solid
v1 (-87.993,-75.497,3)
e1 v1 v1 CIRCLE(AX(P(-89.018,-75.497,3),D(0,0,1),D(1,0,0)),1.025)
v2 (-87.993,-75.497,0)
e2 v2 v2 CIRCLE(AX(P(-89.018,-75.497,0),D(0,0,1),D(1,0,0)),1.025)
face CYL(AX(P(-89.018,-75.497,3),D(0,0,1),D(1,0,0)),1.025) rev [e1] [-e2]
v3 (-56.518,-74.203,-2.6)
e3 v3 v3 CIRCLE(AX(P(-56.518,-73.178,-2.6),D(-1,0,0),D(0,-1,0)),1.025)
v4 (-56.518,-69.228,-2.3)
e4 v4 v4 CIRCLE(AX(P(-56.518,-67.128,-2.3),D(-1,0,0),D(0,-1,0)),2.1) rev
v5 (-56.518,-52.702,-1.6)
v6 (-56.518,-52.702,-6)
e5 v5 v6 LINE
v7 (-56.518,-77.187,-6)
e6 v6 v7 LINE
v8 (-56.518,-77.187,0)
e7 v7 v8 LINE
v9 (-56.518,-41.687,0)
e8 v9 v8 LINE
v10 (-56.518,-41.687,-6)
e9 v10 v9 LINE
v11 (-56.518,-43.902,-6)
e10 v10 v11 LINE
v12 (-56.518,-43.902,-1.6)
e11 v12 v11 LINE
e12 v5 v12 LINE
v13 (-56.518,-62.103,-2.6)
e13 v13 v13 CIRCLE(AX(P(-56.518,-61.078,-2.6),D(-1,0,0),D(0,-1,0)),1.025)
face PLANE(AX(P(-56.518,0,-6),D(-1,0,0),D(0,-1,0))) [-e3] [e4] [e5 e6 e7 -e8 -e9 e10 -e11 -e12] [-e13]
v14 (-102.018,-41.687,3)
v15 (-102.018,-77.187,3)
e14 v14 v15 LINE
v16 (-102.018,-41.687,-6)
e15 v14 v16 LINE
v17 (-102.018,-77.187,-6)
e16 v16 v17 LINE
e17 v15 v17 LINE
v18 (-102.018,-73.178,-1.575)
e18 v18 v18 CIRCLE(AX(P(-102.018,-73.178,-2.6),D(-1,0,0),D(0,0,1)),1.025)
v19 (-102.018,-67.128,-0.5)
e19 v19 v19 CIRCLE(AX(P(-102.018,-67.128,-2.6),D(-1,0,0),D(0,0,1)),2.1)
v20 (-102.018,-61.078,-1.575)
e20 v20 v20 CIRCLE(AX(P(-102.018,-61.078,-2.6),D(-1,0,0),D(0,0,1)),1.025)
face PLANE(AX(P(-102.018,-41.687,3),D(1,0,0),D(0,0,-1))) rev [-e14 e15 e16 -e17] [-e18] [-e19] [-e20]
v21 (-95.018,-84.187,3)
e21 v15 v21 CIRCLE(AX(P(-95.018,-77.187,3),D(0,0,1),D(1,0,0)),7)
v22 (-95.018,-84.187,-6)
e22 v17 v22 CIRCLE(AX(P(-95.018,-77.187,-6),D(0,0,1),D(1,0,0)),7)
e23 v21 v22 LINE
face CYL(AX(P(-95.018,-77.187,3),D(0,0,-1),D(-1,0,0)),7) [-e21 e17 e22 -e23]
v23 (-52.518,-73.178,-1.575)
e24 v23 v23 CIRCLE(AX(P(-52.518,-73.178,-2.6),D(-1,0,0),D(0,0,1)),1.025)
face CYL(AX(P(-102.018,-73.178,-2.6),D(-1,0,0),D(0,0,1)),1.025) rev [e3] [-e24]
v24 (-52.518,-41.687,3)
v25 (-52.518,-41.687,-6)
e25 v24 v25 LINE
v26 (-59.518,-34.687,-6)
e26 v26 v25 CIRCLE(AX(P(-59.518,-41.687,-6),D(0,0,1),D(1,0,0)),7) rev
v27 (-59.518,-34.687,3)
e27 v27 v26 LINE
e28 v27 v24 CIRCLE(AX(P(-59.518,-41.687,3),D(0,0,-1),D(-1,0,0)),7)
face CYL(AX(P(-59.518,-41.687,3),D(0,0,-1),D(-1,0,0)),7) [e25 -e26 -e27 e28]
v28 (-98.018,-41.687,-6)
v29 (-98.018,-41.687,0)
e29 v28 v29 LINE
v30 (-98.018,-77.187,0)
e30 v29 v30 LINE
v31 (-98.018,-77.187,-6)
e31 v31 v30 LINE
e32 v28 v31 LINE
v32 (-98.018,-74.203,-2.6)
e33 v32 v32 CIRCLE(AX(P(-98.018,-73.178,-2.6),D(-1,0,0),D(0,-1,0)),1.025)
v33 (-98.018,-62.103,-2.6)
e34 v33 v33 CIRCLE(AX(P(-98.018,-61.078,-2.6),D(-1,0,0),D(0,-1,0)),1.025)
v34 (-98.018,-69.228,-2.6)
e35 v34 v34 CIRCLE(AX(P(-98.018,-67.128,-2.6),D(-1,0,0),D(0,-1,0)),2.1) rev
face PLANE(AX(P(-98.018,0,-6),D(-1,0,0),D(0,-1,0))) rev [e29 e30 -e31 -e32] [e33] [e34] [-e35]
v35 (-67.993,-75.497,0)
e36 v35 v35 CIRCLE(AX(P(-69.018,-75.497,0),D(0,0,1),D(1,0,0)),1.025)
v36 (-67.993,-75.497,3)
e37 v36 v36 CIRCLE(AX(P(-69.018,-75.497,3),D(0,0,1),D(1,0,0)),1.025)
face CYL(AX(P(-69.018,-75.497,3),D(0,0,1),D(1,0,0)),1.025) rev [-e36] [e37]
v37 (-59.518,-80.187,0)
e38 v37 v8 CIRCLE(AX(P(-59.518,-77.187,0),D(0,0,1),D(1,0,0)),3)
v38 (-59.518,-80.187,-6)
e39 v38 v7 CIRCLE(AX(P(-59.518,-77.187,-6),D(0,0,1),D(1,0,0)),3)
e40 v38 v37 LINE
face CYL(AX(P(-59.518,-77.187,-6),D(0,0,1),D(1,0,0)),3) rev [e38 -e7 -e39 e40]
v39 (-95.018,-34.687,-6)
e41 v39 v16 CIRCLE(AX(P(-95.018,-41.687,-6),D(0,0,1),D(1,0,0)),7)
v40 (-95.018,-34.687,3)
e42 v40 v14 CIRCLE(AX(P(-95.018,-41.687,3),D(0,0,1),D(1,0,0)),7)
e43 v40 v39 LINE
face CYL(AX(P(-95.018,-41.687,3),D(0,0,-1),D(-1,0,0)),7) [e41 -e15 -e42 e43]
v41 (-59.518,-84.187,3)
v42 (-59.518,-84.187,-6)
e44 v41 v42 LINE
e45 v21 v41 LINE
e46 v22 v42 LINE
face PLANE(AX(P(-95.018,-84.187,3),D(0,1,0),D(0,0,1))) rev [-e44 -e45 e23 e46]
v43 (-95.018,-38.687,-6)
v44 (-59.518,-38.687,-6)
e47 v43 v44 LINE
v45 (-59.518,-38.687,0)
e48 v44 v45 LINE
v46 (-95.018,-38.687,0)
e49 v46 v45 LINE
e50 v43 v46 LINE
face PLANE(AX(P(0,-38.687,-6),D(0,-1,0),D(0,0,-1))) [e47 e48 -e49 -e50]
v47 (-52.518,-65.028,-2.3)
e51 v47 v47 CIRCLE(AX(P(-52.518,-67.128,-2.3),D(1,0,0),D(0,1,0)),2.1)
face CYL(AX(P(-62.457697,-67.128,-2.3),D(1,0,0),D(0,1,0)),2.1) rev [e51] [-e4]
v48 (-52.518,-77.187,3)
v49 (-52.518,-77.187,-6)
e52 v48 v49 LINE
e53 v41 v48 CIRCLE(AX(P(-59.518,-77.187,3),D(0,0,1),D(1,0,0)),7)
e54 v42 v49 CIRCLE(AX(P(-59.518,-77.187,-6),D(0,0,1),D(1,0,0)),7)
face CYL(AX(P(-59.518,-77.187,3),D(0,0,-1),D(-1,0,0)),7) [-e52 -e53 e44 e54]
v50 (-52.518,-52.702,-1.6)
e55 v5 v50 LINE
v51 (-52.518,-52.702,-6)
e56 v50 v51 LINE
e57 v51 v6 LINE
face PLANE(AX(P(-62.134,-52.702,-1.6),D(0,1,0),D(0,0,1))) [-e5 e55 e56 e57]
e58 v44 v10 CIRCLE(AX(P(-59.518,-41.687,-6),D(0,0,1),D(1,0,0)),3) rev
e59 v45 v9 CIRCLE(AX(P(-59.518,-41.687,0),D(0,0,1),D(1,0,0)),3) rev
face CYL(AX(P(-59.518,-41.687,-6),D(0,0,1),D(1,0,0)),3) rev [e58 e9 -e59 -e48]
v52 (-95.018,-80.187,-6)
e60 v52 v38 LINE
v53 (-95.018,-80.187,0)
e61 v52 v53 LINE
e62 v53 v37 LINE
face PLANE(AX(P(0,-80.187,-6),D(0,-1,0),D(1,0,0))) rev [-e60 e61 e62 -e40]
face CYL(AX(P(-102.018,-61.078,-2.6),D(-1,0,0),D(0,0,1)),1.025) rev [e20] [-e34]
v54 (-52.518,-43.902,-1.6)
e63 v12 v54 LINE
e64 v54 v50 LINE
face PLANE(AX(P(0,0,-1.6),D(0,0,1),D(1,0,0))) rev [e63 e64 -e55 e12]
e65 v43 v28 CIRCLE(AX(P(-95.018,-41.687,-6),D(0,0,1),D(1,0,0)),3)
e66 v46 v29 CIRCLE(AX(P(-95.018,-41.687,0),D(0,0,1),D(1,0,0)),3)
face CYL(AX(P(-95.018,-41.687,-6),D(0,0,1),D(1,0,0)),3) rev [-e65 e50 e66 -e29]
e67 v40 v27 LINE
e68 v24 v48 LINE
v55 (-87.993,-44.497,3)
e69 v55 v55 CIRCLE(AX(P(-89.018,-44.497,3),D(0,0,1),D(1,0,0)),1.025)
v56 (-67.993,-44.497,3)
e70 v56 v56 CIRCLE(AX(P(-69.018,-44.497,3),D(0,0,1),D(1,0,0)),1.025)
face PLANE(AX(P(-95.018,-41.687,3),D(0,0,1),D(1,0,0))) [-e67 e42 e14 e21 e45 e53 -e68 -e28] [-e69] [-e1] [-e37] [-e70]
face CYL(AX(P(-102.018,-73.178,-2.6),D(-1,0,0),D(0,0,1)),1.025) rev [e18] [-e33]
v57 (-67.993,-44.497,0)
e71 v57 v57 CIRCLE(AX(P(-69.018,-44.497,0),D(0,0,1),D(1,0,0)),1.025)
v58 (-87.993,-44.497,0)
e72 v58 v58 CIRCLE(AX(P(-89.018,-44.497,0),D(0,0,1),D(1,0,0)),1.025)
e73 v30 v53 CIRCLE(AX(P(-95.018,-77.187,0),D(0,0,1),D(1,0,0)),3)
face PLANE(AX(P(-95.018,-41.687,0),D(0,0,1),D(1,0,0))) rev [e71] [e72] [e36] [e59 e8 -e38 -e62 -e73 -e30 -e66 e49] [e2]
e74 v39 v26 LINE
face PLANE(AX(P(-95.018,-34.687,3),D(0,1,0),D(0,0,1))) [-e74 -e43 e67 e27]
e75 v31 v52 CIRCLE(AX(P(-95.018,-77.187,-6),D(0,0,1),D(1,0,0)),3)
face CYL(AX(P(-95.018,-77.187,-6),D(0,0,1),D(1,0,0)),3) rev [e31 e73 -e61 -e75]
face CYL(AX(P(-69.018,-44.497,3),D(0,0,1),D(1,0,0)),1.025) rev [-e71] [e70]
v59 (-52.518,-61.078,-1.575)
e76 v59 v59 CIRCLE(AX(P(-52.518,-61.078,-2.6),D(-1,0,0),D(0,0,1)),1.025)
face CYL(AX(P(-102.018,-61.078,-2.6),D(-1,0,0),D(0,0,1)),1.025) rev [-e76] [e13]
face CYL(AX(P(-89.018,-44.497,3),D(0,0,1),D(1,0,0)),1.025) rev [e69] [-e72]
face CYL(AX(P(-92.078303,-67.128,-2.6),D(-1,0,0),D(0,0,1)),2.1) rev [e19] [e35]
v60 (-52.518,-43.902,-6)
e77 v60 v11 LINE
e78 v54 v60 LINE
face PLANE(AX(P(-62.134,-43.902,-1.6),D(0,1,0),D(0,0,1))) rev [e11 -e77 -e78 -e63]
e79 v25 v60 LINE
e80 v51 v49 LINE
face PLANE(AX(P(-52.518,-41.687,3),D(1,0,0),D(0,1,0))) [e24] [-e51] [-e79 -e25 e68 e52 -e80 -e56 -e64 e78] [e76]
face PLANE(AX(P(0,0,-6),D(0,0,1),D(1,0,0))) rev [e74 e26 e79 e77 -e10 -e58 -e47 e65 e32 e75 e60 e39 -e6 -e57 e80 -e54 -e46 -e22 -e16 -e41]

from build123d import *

# Parameters (mm, degrees)
EXTRUDE_1_DEPTH     = 3
EXTRUDE_START       = -6
EXTRUDE_2_DEPTH     = 6
SKETCH_2_R          = 2.1
CUT_EXTRUDE_1_DEPTH = 4
SKETCH_3_R          = 2.1
CUT_EXTRUDE_2_DEPTH = 4
M2_5X0_45_1_D       = 2.05
SKETCH_8_W          = 9.616
SKETCH_8_H          = 8.8
CUT_EXTRUDE_3_DEPTH = 4.4
M2_5X0_45_2_D       = 2.05


with BuildPart() as part:
    # 草图1 → 凸台-拉伸1 (new body)
    with BuildSketch(Plane.XY):
        with BuildLine():
            Line((-95.018, -34.687), (-59.518, -34.687))
            ThreePointArc((-59.518, -34.687), (-54.568252532, -36.737252532), (-52.518, -41.687))
            Line((-52.518, -41.687), (-52.518, -77.187))
            ThreePointArc((-52.518, -77.187), (-54.568252532, -82.136747468), (-59.518, -84.187))
            Line((-59.518, -84.187), (-95.018, -84.187))
            ThreePointArc((-95.018, -84.187), (-99.967747468, -82.136747468), (-102.018, -77.187))
            Line((-102.018, -77.187), (-102.018, -41.687))
            ThreePointArc((-102.018, -41.687), (-99.967747468, -36.737252532), (-95.018, -34.687))
        make_face()
    extrude(amount=EXTRUDE_1_DEPTH)

    # 草图1<3> → 凸台-拉伸2 (add)
    with BuildSketch(Plane.XY.offset(EXTRUDE_START)):
        with BuildLine():
            Line((-59.518, -34.687), (-95.018, -34.687))
            ThreePointArc((-95.018, -34.687), (-99.967747468, -36.737252532), (-102.018, -41.687))
            Line((-102.018, -41.687), (-102.018, -77.187))
            ThreePointArc((-102.018, -77.187), (-99.967747468, -82.136747468), (-95.018, -84.187))
            Line((-95.018, -84.187), (-59.518, -84.187))
            ThreePointArc((-59.518, -84.187), (-54.568252532, -82.136747468), (-52.518, -77.187))
            Line((-52.518, -77.187), (-52.518, -41.687))
            ThreePointArc((-52.518, -41.687), (-54.568252532, -36.737252532), (-59.518, -34.687))
        make_face()
        with BuildLine():
            Line((-61.517999092, -80.187), (-94.518000908, -80.187))
            Line((-94.518000908, -80.187), (-95.018, -80.187))
            ThreePointArc((-95.018, -80.187), (-97.139320344, -79.308320344), (-98.018, -77.187))
            Line((-98.018, -77.187), (-98.018, -41.687))
            ThreePointArc((-98.018, -41.687), (-97.139320344, -39.565679656), (-95.018, -38.687))
            Line((-95.018, -38.687), (-59.518, -38.687))
            ThreePointArc((-59.518, -38.687), (-57.396679656, -39.565679656), (-56.518, -41.687))
            Line((-56.518, -41.687), (-56.518, -77.187))
            ThreePointArc((-56.518, -77.187), (-57.396679656, -79.308320344), (-59.518, -80.187))
            Line((-59.518, -80.187), (-61.517999092, -80.187))
        make_face(mode=Mode.SUBTRACT)
    extrude(amount=EXTRUDE_2_DEPTH)

    # 草图2 → 切除-拉伸1 (cut)
    with BuildSketch(Plane.ZY.offset(102.018)):
        with Locations((-2.6, -67.128)):
            Circle(SKETCH_2_R)
    extrude(amount=-CUT_EXTRUDE_1_DEPTH, mode=Mode.SUBTRACT)

    # 草图3 → 切除-拉伸2 (cut)
    with BuildSketch(Plane(origin=(-52.518, 0, 0), x_dir=(0, 0, -1), z_dir=(1, 0, 0))):
        with Locations(Location((2.3, -67.128, 0), (0, 0, 90))):
            Circle(SKETCH_3_R)
    extrude(amount=-CUT_EXTRUDE_2_DEPTH, mode=Mode.SUBTRACT)

    # M2.5x0.45 螺纹孔1 (through all)
    with Locations(Plane.ZY.offset(102.018)):
        with Locations((-2.6, -61.078), (-2.6, -73.178)):
            Hole(M2_5X0_45_1_D / 2)

    # 草图8 → 切除-拉伸3 (cut)
    with BuildSketch(Plane(origin=(0, 0, -6), x_dir=(-1, 0, 0), z_dir=(0, 0, -1))):
        with Locations((57.326, -48.302)):
            Rectangle(SKETCH_8_W, SKETCH_8_H)
    extrude(amount=-CUT_EXTRUDE_3_DEPTH, mode=Mode.SUBTRACT)

    # M2.5x0.45 螺纹孔2 (through all)
    with Locations(Plane.XY.offset(3)):
        with Locations((-89.018, -44.497), (-69.018, -44.497), (-69.018, -75.497), (-89.018, -75.497)):
            Hole(M2_5X0_45_2_D / 2)


solid = part.part
